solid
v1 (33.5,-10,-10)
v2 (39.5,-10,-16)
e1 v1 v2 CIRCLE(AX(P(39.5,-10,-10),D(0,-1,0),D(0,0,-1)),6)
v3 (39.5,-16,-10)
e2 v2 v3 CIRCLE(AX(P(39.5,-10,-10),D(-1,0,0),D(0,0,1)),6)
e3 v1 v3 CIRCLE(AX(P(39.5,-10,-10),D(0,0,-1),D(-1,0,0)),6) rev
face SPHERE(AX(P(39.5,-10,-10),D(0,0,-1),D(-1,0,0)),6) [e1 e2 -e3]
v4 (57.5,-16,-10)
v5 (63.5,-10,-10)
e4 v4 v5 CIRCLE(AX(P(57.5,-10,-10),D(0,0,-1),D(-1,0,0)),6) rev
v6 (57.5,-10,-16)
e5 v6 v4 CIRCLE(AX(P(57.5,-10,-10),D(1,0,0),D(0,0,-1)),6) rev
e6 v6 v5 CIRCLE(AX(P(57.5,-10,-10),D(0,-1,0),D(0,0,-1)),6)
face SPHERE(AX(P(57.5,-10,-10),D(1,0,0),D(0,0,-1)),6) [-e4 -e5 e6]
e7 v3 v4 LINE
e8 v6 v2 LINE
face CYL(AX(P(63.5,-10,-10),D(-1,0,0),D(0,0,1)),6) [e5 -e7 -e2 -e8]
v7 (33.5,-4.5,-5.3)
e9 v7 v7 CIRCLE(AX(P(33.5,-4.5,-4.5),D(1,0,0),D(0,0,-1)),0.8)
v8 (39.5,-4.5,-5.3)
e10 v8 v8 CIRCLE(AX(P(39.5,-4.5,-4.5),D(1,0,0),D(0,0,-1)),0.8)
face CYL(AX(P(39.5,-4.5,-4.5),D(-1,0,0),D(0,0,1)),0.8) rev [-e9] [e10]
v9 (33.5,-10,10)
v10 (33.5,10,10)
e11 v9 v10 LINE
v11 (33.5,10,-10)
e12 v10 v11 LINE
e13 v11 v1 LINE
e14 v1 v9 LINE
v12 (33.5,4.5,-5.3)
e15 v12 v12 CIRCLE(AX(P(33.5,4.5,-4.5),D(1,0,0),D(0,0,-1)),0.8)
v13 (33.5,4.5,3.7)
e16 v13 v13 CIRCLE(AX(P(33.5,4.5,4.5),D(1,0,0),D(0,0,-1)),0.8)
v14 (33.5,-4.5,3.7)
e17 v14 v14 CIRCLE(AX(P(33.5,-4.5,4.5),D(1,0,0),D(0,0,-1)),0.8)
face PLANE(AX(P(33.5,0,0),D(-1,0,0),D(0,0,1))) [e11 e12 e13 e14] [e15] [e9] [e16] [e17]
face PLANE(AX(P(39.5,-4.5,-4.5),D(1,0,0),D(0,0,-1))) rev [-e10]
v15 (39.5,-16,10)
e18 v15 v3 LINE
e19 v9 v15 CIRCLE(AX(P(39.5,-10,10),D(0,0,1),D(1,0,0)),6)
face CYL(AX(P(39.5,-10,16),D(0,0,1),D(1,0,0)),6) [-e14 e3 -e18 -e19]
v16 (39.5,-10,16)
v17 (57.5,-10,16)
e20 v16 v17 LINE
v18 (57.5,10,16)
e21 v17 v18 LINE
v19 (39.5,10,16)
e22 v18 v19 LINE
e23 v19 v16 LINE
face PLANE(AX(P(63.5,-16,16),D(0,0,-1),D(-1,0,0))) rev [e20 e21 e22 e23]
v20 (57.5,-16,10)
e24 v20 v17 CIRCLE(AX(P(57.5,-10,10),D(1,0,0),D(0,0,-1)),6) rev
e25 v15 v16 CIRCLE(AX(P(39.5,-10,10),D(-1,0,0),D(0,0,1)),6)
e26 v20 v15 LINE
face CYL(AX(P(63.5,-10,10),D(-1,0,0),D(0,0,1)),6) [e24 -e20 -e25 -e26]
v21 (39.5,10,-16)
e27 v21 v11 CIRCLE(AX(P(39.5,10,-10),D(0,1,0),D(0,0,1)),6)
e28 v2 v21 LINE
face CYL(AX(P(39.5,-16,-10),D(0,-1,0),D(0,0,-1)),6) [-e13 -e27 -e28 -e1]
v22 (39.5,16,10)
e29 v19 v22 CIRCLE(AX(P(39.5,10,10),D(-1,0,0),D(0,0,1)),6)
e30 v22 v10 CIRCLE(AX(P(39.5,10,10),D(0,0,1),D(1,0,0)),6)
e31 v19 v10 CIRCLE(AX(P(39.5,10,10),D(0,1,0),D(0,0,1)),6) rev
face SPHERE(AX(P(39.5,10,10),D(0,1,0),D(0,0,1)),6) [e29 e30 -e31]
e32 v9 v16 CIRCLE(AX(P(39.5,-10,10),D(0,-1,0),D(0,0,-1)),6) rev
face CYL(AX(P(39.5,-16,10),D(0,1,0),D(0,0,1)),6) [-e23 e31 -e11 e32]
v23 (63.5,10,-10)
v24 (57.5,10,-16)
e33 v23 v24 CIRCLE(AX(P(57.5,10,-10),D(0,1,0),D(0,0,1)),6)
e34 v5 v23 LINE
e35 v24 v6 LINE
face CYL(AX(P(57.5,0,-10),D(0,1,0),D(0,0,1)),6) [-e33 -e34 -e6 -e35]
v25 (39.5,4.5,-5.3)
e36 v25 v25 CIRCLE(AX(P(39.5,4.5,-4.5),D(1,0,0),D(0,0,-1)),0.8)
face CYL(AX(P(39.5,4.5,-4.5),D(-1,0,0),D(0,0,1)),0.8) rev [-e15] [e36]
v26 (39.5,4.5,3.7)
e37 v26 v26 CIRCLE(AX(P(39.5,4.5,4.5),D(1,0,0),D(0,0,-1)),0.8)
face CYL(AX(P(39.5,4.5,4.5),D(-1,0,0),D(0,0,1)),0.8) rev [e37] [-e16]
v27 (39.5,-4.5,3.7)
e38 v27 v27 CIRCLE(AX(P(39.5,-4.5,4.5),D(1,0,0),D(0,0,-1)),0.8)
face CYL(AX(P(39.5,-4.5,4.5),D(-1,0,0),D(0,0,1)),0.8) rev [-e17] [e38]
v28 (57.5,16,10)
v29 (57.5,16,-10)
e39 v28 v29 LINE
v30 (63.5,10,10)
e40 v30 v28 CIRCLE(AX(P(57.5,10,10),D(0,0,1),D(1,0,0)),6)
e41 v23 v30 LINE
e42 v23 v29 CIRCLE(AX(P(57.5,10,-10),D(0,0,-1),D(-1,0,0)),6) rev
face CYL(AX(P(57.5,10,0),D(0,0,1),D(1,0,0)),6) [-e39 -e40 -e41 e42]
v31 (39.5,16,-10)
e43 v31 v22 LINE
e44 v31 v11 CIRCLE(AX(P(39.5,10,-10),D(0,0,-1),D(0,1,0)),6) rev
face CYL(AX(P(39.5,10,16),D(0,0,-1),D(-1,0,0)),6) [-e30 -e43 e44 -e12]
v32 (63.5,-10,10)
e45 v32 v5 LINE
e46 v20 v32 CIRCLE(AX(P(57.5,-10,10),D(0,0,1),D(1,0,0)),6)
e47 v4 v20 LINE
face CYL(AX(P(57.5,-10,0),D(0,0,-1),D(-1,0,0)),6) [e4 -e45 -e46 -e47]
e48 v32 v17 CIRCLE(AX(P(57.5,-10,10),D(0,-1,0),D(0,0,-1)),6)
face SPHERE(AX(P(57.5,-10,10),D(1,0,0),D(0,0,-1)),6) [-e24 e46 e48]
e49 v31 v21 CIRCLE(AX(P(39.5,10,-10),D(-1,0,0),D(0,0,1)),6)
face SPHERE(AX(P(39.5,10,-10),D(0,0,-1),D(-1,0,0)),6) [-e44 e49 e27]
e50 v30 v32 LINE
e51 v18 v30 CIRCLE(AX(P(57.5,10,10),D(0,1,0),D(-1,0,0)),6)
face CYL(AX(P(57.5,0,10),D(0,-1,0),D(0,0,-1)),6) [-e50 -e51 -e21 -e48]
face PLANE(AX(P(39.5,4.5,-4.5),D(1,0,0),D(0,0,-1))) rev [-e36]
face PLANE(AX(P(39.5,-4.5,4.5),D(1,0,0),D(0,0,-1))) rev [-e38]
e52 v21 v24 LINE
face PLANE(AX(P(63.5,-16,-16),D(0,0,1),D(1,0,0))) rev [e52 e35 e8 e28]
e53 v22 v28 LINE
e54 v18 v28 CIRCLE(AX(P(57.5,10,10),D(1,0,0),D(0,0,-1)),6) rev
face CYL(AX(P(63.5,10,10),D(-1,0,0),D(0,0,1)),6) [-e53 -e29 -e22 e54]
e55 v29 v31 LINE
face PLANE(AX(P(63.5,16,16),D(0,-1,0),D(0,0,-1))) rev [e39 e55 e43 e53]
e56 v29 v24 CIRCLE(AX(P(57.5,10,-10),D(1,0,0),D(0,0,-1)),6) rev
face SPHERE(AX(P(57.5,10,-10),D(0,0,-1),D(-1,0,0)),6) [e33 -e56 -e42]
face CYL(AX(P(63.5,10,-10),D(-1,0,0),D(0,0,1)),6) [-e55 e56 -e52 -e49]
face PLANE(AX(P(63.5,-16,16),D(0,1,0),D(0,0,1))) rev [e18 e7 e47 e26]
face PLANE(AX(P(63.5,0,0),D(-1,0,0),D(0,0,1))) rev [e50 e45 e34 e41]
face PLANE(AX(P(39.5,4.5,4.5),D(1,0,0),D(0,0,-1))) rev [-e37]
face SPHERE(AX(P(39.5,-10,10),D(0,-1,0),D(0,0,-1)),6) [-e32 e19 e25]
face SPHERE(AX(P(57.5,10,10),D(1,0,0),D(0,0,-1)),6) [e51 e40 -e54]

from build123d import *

# Parameters (mm, degrees)
SKETCH1_W           = 32
SKETCH1_H           = 32
BOSS_EXTRUDE1_DEPTH = 30
FILLET1_R           = 6
SKETCH2_R           = 0.8
CUT_EXTRUDE2_DEPTH  = 6


with BuildPart() as part:
    # Sketch1 → Boss-Extrude1 (new body)
    with BuildSketch(Plane(origin=(33.5, 0, 0), x_dir=(0, 0, -1), z_dir=(1, 0, 0))):
        Rectangle(SKETCH1_W, SKETCH1_H)
    extrude(amount=BOSS_EXTRUDE1_DEPTH)

    # Fillet1
    fillet1_edges = [part.edges().sort_by_distance(p)[0] for p in [
        (63.5, 0, -16),
        (63.5, 16, 0),
        (63.5, 0, 16),
        (33.5, 16, 0),
        (33.5, 0, -16),
        (33.5, -16, 0),
        (33.5, 0, 16),
        (48.5, 16, 16),
        (48.5, 16, -16),
        (48.5, -16, -16),
        (48.5, -16, 16),
        (63.5, -16, 0),
    ]]
    fillet(fillet1_edges, radius=FILLET1_R)

    # Sketch2 → Cut-Extrude2 (cut)
    with BuildSketch(Plane(origin=(33.5, 0, 0), x_dir=(0, 0, -1), z_dir=(1, 0, 0))):
        with Locations((-4.5, -4.5)):
            Circle(SKETCH2_R)
        with Locations((4.5, -4.5)):
            Circle(SKETCH2_R)
        with Locations((-4.5, 4.5)):
            Circle(SKETCH2_R)
        with Locations((4.5, 4.5)):
            Circle(SKETCH2_R)
    extrude(amount=CUT_EXTRUDE2_DEPTH, mode=Mode.SUBTRACT)


solid = part.part
